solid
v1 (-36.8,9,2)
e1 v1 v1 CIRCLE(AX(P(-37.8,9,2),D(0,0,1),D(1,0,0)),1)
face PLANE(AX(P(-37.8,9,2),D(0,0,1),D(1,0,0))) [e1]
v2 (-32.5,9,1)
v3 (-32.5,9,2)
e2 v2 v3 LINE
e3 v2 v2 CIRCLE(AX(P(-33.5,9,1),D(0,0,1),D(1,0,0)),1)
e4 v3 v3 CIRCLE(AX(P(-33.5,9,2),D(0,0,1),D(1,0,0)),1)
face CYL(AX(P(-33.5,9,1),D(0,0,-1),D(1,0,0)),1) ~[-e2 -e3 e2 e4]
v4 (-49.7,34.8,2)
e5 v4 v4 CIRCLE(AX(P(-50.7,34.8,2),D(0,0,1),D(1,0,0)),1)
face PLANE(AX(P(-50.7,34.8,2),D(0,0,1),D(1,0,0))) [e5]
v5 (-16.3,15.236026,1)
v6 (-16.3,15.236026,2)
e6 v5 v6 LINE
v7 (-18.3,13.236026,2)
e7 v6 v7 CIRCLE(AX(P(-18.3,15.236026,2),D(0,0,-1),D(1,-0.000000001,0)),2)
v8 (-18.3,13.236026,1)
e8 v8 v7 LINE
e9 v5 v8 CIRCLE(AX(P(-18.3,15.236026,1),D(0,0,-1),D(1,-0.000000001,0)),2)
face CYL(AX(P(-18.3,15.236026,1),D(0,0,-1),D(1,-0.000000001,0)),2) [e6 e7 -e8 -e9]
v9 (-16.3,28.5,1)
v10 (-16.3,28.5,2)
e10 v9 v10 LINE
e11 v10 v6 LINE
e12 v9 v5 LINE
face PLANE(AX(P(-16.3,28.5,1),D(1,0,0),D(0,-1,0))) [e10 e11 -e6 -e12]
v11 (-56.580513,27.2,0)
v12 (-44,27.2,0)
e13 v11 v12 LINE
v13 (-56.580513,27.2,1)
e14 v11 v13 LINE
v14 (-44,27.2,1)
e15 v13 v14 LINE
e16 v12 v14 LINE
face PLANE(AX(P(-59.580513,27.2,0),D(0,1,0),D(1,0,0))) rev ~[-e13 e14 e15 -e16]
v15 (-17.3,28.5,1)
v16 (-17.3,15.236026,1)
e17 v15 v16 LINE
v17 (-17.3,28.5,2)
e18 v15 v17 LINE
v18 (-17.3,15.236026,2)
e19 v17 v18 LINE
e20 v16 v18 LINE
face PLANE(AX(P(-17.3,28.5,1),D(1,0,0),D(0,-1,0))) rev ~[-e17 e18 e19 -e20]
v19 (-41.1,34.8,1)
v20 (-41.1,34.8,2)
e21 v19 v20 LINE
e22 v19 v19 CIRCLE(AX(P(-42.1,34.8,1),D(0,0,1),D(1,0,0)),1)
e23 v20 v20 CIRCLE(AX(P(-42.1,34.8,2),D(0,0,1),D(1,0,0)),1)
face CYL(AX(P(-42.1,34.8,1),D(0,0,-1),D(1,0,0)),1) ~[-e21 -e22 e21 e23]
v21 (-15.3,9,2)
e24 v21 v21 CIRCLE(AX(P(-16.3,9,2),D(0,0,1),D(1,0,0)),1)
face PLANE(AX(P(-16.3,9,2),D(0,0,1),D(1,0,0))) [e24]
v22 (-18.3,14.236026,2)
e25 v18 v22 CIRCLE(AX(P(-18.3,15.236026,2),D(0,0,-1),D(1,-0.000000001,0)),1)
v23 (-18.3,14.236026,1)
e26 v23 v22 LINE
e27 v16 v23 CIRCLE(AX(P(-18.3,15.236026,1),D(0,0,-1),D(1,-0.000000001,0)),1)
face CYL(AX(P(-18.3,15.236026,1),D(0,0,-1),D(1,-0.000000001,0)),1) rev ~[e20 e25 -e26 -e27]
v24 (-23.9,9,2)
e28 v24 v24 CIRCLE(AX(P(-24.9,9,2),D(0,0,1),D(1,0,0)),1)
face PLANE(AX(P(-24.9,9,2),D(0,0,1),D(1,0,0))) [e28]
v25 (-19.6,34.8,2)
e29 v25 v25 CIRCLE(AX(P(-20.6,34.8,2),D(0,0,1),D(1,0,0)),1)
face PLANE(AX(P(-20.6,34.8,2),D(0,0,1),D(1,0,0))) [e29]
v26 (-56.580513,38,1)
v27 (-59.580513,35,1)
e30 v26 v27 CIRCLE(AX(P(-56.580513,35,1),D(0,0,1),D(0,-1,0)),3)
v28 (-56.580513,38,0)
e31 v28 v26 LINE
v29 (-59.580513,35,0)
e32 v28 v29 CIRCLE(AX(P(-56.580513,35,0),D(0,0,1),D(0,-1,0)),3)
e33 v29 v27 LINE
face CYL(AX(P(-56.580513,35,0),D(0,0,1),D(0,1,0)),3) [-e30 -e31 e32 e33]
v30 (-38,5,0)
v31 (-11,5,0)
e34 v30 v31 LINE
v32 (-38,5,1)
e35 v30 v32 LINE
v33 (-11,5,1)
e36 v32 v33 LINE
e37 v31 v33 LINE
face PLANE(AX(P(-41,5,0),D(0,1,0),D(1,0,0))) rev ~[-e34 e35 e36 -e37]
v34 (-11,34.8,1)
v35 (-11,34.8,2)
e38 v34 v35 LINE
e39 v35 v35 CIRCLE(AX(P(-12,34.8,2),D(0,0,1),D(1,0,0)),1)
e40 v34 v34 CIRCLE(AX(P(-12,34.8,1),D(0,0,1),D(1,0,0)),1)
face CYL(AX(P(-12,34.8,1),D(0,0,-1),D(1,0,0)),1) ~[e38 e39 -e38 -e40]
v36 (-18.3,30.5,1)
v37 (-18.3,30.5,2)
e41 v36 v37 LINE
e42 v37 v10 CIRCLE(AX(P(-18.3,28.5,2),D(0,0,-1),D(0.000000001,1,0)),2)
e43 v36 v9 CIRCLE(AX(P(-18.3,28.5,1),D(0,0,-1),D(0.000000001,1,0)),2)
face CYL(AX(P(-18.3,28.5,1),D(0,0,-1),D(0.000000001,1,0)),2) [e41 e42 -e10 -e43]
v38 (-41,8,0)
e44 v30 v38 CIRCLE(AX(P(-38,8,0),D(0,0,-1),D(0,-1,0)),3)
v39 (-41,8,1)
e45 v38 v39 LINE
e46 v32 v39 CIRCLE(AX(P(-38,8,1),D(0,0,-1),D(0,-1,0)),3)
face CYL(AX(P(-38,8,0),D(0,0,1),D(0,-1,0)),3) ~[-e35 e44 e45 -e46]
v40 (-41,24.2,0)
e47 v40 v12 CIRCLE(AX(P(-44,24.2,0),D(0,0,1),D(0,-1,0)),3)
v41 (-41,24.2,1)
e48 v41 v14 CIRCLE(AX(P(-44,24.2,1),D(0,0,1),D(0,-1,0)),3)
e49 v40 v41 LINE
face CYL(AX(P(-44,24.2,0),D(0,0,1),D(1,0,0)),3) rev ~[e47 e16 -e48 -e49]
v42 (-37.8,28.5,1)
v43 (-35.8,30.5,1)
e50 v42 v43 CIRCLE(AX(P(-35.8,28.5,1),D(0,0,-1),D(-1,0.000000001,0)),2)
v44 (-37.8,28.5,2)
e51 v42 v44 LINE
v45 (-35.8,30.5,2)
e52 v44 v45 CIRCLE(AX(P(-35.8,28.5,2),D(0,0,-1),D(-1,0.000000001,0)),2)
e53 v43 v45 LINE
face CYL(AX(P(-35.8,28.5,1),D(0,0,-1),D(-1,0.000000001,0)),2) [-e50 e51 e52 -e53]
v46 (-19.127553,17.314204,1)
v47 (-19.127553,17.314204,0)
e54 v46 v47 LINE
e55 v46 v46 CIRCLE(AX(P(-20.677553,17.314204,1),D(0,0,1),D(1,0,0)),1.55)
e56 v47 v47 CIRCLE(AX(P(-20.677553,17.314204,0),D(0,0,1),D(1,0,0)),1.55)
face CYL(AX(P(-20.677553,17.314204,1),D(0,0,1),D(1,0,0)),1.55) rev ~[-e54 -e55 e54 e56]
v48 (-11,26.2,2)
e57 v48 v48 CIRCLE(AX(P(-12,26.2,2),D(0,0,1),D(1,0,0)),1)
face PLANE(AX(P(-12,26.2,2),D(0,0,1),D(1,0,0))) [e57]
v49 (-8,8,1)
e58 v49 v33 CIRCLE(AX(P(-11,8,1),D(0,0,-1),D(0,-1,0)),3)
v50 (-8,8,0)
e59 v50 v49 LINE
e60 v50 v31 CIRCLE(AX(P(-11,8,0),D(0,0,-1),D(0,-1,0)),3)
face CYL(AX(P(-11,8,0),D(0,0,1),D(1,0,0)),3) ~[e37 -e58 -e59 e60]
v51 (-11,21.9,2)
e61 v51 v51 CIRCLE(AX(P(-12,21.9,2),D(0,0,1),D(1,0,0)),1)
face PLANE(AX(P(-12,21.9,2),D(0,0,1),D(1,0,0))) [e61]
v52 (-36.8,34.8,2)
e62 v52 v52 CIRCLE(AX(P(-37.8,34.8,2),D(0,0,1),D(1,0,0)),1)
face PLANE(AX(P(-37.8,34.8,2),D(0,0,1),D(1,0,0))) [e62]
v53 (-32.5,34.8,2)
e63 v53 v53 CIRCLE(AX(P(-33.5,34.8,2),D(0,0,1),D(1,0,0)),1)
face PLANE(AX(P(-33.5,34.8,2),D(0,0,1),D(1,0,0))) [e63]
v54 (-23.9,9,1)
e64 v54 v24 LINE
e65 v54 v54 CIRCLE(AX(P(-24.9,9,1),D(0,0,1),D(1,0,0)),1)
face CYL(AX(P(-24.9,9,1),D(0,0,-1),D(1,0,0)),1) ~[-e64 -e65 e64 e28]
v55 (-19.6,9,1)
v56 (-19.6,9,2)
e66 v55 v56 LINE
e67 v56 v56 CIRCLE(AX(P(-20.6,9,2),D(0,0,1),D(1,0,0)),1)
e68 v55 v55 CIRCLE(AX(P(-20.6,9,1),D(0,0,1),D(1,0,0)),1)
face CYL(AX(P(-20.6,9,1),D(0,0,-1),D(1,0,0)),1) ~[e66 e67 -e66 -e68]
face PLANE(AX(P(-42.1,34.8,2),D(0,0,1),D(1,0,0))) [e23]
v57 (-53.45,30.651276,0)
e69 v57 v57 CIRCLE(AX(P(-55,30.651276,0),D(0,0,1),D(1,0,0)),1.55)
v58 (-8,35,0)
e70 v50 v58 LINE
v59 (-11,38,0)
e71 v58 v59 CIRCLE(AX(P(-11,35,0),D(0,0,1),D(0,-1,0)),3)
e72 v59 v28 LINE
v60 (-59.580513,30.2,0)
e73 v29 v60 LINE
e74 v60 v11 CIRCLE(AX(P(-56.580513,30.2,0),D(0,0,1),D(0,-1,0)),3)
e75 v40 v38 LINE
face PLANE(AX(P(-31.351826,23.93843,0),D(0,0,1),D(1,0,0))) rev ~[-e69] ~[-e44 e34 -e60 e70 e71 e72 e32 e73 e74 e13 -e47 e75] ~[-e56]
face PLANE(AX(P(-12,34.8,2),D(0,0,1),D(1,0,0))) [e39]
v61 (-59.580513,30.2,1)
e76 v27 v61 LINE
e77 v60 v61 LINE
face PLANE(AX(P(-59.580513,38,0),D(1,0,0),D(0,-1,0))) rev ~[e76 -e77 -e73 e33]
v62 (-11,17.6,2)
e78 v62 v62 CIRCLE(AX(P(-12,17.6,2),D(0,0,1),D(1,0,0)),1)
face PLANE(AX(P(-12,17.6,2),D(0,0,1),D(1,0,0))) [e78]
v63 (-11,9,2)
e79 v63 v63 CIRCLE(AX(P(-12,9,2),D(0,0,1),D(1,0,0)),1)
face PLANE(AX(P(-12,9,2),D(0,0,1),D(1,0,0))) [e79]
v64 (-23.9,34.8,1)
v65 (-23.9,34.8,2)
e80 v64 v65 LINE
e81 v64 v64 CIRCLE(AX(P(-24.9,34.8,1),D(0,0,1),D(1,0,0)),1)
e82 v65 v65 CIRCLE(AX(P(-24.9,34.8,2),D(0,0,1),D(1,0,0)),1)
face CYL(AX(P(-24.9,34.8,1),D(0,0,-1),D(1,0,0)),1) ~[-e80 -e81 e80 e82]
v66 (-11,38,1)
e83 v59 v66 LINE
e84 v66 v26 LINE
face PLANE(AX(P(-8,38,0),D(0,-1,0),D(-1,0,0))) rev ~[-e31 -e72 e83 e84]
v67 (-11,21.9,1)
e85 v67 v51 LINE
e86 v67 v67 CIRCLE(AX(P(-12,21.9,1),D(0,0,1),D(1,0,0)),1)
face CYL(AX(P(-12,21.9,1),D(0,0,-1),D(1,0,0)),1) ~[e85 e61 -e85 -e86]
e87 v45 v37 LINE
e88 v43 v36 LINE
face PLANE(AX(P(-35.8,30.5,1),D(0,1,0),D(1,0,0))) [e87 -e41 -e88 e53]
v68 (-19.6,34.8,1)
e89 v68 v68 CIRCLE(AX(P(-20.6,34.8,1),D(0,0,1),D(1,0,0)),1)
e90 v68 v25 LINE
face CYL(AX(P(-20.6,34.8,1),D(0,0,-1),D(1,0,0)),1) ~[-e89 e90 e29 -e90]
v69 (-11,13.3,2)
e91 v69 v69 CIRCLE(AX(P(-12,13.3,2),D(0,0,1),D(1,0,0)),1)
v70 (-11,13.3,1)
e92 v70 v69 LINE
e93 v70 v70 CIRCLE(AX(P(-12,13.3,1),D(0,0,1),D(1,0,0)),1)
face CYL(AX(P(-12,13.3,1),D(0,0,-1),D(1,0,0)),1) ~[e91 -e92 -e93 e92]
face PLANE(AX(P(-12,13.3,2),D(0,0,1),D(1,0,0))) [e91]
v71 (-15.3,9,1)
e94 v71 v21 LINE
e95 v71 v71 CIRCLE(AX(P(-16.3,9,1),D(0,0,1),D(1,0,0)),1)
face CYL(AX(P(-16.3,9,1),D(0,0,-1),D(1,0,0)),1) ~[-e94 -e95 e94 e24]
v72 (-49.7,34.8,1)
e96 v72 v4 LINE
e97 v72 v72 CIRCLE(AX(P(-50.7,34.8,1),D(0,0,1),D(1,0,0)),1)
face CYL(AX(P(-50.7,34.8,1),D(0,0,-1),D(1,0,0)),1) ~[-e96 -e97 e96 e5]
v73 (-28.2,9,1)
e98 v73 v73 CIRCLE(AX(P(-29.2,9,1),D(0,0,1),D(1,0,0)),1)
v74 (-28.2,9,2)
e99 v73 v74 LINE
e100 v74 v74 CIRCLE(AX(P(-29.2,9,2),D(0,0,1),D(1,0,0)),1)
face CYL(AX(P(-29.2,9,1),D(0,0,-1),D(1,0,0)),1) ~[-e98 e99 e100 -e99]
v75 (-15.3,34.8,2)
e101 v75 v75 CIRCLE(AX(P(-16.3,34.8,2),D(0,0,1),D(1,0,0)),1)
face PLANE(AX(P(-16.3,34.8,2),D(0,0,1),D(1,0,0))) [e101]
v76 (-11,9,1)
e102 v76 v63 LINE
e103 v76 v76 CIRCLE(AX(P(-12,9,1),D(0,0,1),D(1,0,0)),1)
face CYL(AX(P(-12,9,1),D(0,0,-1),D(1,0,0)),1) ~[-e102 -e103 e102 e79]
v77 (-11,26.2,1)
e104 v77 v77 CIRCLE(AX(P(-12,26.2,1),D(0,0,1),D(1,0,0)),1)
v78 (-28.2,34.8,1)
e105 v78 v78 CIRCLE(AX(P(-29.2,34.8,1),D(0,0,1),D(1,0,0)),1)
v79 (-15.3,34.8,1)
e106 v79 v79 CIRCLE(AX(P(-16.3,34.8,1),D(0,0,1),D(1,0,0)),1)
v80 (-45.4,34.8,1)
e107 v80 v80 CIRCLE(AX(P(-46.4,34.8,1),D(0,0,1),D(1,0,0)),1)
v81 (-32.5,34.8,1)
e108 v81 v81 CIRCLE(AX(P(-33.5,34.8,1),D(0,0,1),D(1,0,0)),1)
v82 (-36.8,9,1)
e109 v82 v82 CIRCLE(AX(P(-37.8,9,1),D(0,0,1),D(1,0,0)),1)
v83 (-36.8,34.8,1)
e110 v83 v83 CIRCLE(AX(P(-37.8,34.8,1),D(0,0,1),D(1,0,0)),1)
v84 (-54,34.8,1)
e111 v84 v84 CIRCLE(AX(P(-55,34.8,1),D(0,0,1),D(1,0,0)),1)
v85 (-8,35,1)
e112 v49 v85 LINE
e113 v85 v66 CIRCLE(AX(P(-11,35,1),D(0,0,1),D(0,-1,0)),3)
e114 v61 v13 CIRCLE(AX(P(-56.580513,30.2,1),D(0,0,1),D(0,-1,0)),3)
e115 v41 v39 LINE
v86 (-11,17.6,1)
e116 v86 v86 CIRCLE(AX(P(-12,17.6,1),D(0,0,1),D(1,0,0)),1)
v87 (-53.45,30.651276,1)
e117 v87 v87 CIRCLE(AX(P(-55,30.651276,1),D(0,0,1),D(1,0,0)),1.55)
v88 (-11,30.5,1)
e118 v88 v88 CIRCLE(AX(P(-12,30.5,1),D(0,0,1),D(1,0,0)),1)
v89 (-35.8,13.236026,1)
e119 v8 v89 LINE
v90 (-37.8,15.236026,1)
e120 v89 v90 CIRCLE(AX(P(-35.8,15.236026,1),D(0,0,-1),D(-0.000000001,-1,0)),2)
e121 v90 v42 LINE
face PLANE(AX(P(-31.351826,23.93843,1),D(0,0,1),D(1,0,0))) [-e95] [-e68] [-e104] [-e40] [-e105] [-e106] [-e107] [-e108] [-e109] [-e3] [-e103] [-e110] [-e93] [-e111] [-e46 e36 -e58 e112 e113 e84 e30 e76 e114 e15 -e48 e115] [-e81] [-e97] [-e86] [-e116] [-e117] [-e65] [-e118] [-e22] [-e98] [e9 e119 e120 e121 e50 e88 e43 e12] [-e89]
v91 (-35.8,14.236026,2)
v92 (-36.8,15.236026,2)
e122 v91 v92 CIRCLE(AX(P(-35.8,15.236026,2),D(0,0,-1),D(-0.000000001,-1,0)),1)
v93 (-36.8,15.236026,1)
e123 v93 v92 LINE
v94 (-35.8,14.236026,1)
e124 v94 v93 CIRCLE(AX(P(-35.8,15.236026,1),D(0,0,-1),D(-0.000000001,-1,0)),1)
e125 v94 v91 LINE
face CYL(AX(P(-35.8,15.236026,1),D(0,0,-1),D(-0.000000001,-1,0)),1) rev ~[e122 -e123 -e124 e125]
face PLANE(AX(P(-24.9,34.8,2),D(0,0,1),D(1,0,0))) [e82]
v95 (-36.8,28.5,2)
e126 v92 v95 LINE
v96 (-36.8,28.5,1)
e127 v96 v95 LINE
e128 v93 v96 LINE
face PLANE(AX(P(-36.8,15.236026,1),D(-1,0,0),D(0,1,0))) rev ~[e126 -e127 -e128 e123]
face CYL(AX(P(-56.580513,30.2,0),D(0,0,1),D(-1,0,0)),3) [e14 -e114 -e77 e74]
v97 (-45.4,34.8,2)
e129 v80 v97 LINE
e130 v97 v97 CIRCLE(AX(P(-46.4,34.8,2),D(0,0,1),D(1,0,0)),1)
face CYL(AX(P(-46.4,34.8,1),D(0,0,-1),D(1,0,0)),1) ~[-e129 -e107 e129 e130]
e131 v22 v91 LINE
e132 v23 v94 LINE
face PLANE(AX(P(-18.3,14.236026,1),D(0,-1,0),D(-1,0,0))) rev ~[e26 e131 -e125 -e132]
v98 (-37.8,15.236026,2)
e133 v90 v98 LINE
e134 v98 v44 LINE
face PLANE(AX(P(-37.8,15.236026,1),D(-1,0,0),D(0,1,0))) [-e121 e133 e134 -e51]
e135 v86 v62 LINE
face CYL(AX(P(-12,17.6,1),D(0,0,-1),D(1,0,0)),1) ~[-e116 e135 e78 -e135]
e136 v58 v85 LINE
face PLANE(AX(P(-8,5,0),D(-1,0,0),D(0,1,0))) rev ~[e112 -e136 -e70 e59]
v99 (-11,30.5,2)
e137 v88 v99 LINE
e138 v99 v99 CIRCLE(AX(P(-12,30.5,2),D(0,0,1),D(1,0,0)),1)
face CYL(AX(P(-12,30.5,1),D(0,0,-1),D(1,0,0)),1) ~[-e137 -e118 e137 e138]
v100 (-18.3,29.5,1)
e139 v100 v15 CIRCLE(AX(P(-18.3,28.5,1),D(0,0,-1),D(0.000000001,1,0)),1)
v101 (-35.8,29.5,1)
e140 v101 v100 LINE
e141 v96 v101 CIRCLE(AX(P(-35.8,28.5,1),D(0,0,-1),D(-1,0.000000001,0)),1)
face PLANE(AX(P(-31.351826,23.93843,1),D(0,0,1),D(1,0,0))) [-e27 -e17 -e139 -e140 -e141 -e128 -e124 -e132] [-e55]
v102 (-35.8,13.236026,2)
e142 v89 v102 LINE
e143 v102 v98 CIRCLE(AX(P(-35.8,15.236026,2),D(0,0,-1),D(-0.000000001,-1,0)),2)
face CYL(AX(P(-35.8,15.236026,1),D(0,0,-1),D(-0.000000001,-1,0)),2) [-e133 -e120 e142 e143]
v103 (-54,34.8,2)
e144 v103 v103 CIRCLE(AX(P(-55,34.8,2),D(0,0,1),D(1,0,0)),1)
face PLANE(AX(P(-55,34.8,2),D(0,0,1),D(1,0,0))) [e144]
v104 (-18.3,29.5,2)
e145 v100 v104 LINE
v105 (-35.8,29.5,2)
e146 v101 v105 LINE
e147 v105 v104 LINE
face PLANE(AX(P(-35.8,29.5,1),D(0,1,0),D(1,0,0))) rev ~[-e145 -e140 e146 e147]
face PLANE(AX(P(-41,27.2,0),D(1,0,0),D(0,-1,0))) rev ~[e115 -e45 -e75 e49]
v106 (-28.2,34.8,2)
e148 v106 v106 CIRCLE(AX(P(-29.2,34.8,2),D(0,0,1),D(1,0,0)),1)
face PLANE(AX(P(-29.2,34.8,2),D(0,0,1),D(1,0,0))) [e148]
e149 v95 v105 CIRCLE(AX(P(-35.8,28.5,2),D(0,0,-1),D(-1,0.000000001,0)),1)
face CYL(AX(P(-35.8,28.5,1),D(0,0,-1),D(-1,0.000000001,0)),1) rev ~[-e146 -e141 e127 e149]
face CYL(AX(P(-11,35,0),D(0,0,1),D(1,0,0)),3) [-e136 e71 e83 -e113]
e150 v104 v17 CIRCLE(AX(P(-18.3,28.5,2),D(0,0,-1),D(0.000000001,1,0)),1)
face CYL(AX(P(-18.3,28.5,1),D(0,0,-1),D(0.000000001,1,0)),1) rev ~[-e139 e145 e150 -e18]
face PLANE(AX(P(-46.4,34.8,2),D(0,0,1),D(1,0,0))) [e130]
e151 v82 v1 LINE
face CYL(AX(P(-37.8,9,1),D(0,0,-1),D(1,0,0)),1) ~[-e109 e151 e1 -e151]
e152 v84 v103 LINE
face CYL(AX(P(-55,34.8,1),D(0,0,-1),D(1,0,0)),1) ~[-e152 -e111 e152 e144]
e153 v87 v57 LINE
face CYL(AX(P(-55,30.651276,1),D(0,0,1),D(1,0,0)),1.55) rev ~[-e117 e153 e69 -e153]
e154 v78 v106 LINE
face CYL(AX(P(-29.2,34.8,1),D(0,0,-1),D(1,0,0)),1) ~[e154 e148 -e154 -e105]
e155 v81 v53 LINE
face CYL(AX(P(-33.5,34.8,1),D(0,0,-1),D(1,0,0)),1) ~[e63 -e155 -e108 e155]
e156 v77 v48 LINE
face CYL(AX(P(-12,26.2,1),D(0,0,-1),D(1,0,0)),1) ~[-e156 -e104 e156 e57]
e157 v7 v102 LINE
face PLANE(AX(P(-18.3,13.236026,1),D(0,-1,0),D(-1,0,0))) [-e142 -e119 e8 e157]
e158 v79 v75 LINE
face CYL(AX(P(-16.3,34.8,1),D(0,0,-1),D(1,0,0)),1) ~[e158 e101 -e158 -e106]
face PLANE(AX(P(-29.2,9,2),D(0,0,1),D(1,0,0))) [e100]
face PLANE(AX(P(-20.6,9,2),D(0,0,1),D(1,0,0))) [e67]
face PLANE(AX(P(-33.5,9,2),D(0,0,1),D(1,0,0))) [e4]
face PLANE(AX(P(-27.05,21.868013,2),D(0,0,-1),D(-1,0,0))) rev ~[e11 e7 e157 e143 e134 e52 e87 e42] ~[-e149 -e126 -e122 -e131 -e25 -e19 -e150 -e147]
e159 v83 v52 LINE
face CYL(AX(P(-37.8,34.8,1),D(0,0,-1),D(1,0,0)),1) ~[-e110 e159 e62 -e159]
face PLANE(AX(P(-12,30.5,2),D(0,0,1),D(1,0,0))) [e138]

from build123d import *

# Parameters (mm, degrees)
BOSS_EXTRUDE1_DEPTH = 1
SKETCH2_R           = 1
BOSS_EXTRUDE2_DEPTH = 1
FILLET1_R           = 3
CUT_EXTRUDE1_REACH  = 3
SKETCH3_R           = 1.55


with BuildPart() as part:
    # Sketch1 → Boss-Extrude1 (new body)
    with BuildSketch(Plane.XY):
        Polygon((-8, 5), (-8, 38), (-59.580513121, 38), (-59.580513121, 27.2), (-41, 27.2), (-41, 5), align=None)
    extrude(amount=BOSS_EXTRUDE1_DEPTH)

    # Sketch2 → Boss-Extrude2 (add)
    with BuildSketch(Plane.XY.offset(1)):
        with Locations((-12, 9)):
            Circle(SKETCH2_R)
        with Locations((-12, 13.3)):
            Circle(SKETCH2_R)
        with Locations((-12, 17.6)):
            Circle(SKETCH2_R)
        with Locations((-12, 21.9)):
            Circle(SKETCH2_R)
        with Locations((-12, 26.2)):
            Circle(SKETCH2_R)
        with Locations((-12, 30.5)):
            Circle(SKETCH2_R)
        with Locations((-12, 34.8)):
            Circle(SKETCH2_R)
        with Locations((-16.3, 9)):
            Circle(SKETCH2_R)
        with Locations((-20.6, 9)):
            Circle(SKETCH2_R)
        with Locations((-24.9, 9)):
            Circle(SKETCH2_R)
        with Locations((-29.2, 9)):
            Circle(SKETCH2_R)
        with Locations((-33.5, 9)):
            Circle(SKETCH2_R)
        with Locations((-37.8, 9)):
            Circle(SKETCH2_R)
        with Locations((-16.3, 34.8)):
            Circle(SKETCH2_R)
        with Locations((-20.6, 34.8)):
            Circle(SKETCH2_R)
        with Locations((-24.9, 34.8)):
            Circle(SKETCH2_R)
        with Locations((-29.2, 34.8)):
            Circle(SKETCH2_R)
        with Locations((-33.5, 34.8)):
            Circle(SKETCH2_R)
        with Locations((-37.8, 34.8)):
            Circle(SKETCH2_R)
        with Locations((-42.1, 34.8)):
            Circle(SKETCH2_R)
        with Locations((-46.4, 34.8)):
            Circle(SKETCH2_R)
        with Locations((-50.7, 34.8)):
            Circle(SKETCH2_R)
        with Locations((-55, 34.8)):
            Circle(SKETCH2_R)
        with BuildLine():
            Line((-35.8, 30.5), (-18.3, 30.5))
            ThreePointArc((-18.3, 30.5), (-16.885786438, 29.914213562), (-16.3, 28.5))
            Line((-16.3, 28.5), (-16.3, 15.236025644))
            ThreePointArc((-16.3, 15.236025644), (-16.885786438, 13.821812082), (-18.3, 13.236025644))
            Line((-18.3, 13.236025644), (-35.8, 13.236025644))
            ThreePointArc((-35.8, 13.236025644), (-37.214213562, 13.821812082), (-37.8, 15.236025644))
            Line((-37.8, 15.236025644), (-37.8, 28.5))
            ThreePointArc((-37.8, 28.5), (-37.214213562, 29.914213562), (-35.8, 30.5))
        make_face()
        with BuildLine():
            Line((-35.8, 29.5), (-18.3, 29.5))
            ThreePointArc((-18.3, 29.5), (-17.592893219, 29.207106781), (-17.3, 28.5))
            Line((-17.3, 28.5), (-17.3, 15.236025644))
            ThreePointArc((-17.3, 15.236025644), (-17.592893219, 14.528918863), (-18.3, 14.236025644))
            Line((-18.3, 14.236025644), (-35.8, 14.236025644))
            ThreePointArc((-35.8, 14.236025644), (-36.507106781, 14.528918863), (-36.8, 15.236025644))
            Line((-36.8, 15.236025644), (-36.8, 28.5))
            ThreePointArc((-36.8, 28.5), (-36.507106781, 29.207106781), (-35.8, 29.5))
        make_face(mode=Mode.SUBTRACT)
    extrude(amount=BOSS_EXTRUDE2_DEPTH)

    # Fillet1
    fillet1_edges = [part.edges().sort_by_distance(p)[0] for p in [
        (-41, 5, 0.5),
        (-41, 27.2, 0.5),
        (-59.580513121, 27.2, 0.5),
        (-59.580513121, 38, 0.5),
        (-8, 38, 0.5),
        (-8, 5, 0.5),
    ]]
    fillet(fillet1_edges, radius=FILLET1_R)

    # Sketch3 → Cut-Extrude1 (cut, up to next)
    with BuildSketch(Plane.XY.offset(1), mode=Mode.PRIVATE) as cut_extrude1_sk1:
        with Locations((-20.677552724, 17.314204089)):
            Circle(SKETCH3_R)
    cut_extrude1_tool1 = extrude(cut_extrude1_sk1.sketch, amount=-CUT_EXTRUDE1_REACH, mode=Mode.PRIVATE) & part.part
    add(cut_extrude1_tool1.solids().sort_by_distance((-20.677553, 17.314204, 1))[0], mode=Mode.SUBTRACT)
    # Sketch3 → Cut-Extrude1 (cut, up to next)
    with BuildSketch(Plane.XY.offset(1), mode=Mode.PRIVATE) as cut_extrude1_sk2:
        with Locations((-55, 30.651276125)):
            Circle(SKETCH3_R)
    cut_extrude1_tool2 = extrude(cut_extrude1_sk2.sketch, amount=-CUT_EXTRUDE1_REACH, mode=Mode.PRIVATE) & part.part
    add(cut_extrude1_tool2.solids().sort_by_distance((-55, 30.651276, 1))[0], mode=Mode.SUBTRACT)


solid = part.part
